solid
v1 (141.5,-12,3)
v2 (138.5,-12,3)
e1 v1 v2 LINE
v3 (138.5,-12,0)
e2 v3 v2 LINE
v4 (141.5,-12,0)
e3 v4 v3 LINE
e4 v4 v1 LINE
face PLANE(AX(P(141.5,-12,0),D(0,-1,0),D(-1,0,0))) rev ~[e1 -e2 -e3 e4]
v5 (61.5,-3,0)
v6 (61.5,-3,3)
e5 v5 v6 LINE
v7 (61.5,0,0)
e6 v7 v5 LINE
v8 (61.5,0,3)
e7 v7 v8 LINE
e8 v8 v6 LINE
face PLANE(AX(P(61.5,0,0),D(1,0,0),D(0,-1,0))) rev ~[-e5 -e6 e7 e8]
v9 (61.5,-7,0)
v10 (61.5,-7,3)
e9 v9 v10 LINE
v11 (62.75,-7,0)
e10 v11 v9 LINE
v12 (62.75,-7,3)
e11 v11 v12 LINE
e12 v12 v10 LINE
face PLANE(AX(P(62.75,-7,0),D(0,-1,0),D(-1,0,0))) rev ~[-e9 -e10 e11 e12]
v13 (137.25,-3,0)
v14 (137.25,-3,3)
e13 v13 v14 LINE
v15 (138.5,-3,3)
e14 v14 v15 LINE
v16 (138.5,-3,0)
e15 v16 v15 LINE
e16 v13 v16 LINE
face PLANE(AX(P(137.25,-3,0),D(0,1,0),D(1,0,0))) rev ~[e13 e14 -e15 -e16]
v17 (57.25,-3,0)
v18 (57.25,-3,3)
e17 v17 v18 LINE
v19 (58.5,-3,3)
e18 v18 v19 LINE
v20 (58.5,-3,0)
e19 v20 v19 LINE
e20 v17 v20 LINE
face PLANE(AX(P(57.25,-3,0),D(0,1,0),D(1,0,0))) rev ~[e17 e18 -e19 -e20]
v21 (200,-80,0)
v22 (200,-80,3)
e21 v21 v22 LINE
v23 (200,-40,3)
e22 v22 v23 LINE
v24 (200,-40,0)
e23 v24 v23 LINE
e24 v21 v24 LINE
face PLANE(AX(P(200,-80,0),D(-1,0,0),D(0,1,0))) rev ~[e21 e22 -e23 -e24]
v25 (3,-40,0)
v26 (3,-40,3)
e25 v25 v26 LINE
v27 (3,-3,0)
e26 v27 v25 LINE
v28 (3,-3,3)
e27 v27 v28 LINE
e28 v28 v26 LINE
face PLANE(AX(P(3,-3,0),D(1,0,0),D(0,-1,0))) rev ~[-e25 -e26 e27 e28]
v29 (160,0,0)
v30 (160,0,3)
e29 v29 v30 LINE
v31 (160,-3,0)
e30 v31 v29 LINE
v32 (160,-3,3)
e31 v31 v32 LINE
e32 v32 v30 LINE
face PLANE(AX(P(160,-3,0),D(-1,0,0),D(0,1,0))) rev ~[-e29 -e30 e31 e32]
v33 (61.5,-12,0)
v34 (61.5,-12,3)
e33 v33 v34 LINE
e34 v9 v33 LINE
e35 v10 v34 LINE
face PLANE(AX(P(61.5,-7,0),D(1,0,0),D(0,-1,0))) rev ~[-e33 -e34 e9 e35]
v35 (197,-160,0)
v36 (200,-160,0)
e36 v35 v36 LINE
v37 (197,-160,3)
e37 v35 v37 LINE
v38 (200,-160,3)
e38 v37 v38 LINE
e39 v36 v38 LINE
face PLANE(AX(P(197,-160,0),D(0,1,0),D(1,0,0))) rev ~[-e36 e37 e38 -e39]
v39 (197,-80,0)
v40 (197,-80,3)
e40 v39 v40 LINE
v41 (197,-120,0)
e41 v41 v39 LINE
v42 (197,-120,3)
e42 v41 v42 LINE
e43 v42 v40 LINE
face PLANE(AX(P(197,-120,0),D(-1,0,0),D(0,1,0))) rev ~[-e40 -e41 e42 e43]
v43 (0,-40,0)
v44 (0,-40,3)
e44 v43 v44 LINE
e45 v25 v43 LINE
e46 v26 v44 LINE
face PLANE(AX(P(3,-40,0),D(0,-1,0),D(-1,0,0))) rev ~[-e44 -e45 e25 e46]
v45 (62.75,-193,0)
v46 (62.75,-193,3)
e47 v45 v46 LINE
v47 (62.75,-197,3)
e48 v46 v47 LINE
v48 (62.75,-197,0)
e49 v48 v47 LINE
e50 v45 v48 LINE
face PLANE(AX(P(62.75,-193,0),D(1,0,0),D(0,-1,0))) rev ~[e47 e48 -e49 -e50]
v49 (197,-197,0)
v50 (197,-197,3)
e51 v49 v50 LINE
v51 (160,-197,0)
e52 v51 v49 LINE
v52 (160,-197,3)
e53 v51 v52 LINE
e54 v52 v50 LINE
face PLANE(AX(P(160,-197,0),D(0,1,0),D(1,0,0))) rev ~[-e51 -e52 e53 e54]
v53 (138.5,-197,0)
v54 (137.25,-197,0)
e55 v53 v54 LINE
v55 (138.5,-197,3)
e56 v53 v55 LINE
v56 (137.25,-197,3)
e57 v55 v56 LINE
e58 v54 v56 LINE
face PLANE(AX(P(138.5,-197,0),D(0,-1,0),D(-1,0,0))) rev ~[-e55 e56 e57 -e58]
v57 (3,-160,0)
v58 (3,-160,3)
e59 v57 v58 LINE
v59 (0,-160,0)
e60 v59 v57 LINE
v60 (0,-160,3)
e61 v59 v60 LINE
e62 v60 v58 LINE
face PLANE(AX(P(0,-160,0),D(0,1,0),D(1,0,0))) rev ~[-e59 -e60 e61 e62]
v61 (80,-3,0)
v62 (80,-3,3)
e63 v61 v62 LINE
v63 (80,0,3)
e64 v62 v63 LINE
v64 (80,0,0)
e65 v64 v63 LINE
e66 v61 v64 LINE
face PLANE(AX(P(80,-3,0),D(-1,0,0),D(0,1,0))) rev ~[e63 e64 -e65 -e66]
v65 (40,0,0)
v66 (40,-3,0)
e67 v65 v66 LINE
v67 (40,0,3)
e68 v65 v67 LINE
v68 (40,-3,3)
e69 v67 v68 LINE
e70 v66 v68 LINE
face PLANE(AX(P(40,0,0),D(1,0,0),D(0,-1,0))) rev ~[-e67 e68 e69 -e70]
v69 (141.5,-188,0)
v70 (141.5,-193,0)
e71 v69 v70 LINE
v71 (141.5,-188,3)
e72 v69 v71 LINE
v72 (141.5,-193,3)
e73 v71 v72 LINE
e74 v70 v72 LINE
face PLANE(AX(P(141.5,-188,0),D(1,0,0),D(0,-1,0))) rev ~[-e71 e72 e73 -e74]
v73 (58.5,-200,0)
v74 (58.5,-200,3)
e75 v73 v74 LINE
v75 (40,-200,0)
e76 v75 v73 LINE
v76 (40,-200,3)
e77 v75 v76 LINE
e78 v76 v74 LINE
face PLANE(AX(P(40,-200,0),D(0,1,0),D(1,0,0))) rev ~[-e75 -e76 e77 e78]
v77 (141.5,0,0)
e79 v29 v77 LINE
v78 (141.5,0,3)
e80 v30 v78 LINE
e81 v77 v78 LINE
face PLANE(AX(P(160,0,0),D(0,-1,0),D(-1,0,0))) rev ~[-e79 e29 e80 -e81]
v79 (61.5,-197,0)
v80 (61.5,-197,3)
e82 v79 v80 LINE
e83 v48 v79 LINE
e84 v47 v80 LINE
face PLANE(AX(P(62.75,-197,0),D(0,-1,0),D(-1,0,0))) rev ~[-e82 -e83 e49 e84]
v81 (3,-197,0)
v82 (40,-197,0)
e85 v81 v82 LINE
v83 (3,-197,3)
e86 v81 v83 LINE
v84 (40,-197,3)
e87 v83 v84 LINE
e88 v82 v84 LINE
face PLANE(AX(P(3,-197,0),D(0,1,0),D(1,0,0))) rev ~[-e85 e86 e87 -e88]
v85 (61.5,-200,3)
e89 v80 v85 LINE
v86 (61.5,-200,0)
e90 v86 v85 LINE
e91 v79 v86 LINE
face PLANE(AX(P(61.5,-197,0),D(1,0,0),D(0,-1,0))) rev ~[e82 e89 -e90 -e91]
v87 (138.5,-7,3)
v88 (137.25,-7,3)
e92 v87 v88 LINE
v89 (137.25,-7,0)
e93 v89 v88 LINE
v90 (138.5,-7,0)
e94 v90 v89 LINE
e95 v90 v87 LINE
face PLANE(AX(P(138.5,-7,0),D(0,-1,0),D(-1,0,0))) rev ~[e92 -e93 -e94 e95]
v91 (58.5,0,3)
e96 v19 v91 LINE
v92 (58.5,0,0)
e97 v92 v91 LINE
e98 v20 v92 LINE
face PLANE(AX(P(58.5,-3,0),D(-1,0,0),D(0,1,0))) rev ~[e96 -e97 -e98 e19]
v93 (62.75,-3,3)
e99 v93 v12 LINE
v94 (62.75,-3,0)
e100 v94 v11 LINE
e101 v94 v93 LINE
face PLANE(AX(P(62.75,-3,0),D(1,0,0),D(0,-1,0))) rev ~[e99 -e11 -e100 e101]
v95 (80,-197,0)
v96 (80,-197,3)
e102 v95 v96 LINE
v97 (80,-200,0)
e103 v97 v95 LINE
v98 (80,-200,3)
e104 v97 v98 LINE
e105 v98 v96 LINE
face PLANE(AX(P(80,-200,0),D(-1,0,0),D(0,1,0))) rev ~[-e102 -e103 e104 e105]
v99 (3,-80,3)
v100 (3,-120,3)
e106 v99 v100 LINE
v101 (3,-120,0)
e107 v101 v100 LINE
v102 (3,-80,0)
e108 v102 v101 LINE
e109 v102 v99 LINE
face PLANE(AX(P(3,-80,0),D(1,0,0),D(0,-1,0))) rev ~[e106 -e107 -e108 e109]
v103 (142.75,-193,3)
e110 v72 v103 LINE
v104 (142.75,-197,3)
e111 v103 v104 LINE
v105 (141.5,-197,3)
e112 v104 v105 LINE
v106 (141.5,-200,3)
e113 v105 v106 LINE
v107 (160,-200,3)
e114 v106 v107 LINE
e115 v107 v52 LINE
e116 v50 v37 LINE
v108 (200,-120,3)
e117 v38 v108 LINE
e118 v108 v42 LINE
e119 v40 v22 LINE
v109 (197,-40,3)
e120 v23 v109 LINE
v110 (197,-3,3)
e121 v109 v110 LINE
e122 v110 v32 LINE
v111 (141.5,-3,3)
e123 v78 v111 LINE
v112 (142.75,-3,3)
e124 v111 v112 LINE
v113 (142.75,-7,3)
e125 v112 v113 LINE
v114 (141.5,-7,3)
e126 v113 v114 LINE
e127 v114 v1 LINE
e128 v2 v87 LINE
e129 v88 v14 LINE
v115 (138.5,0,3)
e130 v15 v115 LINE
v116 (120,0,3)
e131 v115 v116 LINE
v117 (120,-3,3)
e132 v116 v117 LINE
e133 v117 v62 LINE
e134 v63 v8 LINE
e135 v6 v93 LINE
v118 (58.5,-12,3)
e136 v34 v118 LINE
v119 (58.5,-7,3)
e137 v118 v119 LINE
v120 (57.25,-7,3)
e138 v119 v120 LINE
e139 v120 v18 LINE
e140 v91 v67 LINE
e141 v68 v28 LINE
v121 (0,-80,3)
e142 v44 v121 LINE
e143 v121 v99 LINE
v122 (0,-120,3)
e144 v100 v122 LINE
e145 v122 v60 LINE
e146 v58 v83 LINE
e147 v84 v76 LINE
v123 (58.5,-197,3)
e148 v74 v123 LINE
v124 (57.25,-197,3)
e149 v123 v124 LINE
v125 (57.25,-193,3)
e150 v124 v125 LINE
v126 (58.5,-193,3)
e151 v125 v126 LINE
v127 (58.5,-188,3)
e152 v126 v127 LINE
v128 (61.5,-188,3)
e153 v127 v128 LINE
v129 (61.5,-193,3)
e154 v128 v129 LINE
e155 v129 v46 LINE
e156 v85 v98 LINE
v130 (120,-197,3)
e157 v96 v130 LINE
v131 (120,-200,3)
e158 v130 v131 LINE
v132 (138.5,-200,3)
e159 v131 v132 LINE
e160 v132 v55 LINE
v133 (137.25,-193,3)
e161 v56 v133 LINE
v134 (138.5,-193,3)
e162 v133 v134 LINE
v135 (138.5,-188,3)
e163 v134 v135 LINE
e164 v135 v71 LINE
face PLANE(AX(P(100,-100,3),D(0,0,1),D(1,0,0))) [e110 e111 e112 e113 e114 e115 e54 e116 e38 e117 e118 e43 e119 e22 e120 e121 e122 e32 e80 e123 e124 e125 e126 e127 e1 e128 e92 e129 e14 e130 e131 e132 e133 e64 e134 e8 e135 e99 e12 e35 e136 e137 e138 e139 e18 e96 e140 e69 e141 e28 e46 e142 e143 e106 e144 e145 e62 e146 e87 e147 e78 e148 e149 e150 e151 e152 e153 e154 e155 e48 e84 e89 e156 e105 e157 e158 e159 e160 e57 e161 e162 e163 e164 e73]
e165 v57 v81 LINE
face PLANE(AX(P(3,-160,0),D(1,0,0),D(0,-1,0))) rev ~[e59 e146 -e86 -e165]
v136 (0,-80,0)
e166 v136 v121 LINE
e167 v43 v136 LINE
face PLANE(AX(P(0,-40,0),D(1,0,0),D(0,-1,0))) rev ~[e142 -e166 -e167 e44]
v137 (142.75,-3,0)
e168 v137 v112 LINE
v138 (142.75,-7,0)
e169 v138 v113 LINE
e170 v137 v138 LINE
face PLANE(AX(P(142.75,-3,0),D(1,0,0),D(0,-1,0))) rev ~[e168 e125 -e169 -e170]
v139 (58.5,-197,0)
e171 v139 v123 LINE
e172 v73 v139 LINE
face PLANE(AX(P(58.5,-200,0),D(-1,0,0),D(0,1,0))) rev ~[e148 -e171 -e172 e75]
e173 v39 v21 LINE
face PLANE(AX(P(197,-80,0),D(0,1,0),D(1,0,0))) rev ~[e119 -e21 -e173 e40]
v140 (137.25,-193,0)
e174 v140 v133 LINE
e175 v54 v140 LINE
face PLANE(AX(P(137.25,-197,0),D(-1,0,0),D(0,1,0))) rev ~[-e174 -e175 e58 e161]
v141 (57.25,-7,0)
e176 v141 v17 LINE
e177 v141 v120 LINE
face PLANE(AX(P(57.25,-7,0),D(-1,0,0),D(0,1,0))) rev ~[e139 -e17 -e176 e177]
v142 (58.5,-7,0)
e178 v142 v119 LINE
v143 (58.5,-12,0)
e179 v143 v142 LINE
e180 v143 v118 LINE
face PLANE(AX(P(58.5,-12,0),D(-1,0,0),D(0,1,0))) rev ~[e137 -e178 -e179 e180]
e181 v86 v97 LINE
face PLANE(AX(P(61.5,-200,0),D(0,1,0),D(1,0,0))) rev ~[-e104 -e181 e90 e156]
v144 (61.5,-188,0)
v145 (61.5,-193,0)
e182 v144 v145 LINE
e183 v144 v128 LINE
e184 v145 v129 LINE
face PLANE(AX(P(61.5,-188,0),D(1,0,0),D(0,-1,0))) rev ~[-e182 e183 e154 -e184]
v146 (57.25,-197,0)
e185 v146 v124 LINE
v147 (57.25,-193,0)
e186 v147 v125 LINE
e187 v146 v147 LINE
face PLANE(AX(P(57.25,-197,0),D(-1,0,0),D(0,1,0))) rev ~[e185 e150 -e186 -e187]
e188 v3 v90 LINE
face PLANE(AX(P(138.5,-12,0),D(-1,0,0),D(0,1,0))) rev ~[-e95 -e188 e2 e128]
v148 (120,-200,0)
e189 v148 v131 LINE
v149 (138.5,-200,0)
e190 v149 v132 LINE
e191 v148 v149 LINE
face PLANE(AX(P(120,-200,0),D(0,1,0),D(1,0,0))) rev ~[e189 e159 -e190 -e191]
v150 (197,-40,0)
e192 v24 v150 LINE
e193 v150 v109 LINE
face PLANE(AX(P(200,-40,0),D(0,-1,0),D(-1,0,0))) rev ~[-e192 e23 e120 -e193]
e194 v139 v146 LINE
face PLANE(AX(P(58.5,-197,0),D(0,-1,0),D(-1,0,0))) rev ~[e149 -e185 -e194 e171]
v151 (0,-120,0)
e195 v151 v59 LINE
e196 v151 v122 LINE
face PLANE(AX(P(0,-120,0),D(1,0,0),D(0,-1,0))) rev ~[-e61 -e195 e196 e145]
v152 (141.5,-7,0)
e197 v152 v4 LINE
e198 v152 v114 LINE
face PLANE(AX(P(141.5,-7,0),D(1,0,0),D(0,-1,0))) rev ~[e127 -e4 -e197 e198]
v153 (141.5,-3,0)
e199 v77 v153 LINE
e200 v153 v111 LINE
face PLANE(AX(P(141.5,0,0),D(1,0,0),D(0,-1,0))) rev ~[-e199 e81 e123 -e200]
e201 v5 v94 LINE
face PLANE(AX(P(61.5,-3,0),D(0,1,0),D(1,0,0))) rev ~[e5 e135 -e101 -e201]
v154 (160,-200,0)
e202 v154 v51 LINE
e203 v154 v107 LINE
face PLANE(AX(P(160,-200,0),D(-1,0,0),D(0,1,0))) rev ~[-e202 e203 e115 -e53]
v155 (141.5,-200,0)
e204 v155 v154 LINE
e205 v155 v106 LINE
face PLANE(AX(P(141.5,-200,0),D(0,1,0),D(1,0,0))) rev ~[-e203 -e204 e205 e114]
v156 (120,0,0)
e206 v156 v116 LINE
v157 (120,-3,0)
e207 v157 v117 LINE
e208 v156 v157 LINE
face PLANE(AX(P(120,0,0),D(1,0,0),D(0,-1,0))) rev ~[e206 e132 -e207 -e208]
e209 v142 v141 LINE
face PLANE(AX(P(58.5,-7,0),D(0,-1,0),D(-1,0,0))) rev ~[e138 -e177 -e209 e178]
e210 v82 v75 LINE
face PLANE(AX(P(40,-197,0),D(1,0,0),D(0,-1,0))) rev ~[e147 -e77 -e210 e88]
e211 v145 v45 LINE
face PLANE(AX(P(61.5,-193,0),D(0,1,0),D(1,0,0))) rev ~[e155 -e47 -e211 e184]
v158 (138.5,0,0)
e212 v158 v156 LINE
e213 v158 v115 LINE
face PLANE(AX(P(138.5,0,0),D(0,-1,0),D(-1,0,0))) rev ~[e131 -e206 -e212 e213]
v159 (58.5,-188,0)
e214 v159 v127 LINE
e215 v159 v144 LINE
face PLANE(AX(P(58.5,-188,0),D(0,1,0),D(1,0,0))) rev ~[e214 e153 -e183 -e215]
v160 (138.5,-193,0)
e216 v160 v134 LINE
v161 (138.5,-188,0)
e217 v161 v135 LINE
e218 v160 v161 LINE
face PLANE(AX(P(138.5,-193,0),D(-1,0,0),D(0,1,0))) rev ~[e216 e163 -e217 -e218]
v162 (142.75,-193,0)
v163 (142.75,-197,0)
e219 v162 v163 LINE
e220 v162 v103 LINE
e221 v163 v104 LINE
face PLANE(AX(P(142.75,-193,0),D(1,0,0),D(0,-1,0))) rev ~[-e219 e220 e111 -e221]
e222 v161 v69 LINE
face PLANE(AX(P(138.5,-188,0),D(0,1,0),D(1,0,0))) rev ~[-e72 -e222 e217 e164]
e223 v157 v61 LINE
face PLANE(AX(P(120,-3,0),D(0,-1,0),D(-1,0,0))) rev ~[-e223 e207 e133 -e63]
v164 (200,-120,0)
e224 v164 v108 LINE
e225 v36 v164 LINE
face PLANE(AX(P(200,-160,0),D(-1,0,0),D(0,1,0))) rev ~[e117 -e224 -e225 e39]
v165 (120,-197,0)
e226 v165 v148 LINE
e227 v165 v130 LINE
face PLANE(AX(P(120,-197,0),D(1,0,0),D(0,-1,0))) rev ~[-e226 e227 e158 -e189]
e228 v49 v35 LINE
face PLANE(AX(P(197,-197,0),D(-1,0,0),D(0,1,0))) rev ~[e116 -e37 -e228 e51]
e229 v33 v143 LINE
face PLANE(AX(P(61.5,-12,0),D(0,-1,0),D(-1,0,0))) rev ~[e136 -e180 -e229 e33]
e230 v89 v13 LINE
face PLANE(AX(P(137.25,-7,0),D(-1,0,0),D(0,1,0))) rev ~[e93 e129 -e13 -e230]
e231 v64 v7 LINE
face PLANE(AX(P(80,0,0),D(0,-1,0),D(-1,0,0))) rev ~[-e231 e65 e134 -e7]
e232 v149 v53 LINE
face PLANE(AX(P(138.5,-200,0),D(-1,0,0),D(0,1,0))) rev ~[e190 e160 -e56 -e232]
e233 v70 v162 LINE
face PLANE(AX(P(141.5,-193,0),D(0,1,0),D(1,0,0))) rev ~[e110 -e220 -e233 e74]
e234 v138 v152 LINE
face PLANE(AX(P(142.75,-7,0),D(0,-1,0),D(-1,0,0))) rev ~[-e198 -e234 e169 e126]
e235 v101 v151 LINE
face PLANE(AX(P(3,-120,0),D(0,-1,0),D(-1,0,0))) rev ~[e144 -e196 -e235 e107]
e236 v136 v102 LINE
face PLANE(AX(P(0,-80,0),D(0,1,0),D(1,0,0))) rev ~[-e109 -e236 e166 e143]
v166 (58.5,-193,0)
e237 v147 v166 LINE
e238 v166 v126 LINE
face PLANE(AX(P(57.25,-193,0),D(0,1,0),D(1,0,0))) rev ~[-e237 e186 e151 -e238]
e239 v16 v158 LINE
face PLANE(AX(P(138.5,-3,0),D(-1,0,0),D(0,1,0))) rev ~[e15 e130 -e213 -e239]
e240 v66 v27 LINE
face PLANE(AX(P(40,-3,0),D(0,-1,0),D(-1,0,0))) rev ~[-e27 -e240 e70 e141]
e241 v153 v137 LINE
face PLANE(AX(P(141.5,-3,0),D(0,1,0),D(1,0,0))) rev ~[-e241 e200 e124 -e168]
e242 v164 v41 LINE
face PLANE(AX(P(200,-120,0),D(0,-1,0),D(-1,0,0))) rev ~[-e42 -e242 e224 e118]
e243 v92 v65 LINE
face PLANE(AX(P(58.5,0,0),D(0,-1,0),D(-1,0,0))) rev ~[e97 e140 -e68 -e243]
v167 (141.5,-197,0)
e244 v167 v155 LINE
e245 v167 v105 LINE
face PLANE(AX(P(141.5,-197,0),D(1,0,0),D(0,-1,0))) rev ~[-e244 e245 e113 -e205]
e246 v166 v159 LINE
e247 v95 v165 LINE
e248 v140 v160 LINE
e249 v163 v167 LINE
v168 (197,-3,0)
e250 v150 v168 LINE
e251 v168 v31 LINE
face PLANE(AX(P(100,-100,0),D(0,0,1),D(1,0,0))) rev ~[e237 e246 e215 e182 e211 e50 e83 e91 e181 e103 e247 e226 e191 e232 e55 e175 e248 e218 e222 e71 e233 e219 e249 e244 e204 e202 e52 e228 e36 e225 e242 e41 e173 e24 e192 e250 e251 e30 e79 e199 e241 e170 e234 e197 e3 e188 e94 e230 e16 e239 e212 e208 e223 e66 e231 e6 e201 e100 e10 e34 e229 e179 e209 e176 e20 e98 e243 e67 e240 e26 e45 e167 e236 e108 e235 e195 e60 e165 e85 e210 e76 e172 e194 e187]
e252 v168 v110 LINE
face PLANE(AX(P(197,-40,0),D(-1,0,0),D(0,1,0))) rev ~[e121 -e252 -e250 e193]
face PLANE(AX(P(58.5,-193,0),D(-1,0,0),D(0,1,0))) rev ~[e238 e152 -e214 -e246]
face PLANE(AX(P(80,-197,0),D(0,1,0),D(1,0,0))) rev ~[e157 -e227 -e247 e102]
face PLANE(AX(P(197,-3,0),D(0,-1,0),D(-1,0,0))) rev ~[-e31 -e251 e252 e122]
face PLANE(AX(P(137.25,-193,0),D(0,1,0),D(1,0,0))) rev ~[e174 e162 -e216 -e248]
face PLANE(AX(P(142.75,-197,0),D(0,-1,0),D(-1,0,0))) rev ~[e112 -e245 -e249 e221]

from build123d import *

# Parameters (mm, degrees)
EXTRUDE_1_DEPTH = 3


with BuildPart() as part:
    # 草图1 → 凸台-拉伸1 (new body)
    with BuildSketch(Plane.XY):
        Polygon((120, -3), (80, -3), (80, 0), (61.5, 0), (61.5, -3), (62.75, -3), (62.75, -7), (61.5, -7), (61.5, -12), (58.5, -12), (58.5, -7), (57.25, -7), (57.25, -3), (58.5, -3), (58.5, 0), (40, 0), (40, -3), (3, -3), (3, -40), (0, -40), (0, -80), (3, -80), (3, -120), (0, -120), (0, -160), (3, -160), (3, -197), (40, -197), (40, -200), (58.5, -200), (58.5, -197), (57.25, -197), (57.25, -193), (58.5, -193), (58.5, -188), (61.5, -188), (61.5, -193), (62.75, -193), (62.75, -197), (61.5, -197), (61.5, -200), (80, -200), (80, -197), (120, -197), (120, -200), (138.5, -200), (138.5, -197), (137.25, -197), (137.25, -193), (138.5, -193), (138.5, -188), (141.5, -188), (141.5, -193), (142.75, -193), (142.75, -197), (141.5, -197), (141.5, -200), (160, -200), (160, -197), (197, -197), (197, -160), (200, -160), (200, -120), (197, -120), (197, -80), (200, -80), (200, -40), (197, -40), (197, -3), (160, -3), (160, 0), (141.5, 0), (141.5, -3), (142.75, -3), (142.75, -7), (141.5, -7), (141.5, -12), (138.5, -12), (138.5, -7), (137.25, -7), (137.25, -3), (138.5, -3), (138.5, 0), (120, 0), align=None)
    extrude(amount=EXTRUDE_1_DEPTH)


solid = part.part
